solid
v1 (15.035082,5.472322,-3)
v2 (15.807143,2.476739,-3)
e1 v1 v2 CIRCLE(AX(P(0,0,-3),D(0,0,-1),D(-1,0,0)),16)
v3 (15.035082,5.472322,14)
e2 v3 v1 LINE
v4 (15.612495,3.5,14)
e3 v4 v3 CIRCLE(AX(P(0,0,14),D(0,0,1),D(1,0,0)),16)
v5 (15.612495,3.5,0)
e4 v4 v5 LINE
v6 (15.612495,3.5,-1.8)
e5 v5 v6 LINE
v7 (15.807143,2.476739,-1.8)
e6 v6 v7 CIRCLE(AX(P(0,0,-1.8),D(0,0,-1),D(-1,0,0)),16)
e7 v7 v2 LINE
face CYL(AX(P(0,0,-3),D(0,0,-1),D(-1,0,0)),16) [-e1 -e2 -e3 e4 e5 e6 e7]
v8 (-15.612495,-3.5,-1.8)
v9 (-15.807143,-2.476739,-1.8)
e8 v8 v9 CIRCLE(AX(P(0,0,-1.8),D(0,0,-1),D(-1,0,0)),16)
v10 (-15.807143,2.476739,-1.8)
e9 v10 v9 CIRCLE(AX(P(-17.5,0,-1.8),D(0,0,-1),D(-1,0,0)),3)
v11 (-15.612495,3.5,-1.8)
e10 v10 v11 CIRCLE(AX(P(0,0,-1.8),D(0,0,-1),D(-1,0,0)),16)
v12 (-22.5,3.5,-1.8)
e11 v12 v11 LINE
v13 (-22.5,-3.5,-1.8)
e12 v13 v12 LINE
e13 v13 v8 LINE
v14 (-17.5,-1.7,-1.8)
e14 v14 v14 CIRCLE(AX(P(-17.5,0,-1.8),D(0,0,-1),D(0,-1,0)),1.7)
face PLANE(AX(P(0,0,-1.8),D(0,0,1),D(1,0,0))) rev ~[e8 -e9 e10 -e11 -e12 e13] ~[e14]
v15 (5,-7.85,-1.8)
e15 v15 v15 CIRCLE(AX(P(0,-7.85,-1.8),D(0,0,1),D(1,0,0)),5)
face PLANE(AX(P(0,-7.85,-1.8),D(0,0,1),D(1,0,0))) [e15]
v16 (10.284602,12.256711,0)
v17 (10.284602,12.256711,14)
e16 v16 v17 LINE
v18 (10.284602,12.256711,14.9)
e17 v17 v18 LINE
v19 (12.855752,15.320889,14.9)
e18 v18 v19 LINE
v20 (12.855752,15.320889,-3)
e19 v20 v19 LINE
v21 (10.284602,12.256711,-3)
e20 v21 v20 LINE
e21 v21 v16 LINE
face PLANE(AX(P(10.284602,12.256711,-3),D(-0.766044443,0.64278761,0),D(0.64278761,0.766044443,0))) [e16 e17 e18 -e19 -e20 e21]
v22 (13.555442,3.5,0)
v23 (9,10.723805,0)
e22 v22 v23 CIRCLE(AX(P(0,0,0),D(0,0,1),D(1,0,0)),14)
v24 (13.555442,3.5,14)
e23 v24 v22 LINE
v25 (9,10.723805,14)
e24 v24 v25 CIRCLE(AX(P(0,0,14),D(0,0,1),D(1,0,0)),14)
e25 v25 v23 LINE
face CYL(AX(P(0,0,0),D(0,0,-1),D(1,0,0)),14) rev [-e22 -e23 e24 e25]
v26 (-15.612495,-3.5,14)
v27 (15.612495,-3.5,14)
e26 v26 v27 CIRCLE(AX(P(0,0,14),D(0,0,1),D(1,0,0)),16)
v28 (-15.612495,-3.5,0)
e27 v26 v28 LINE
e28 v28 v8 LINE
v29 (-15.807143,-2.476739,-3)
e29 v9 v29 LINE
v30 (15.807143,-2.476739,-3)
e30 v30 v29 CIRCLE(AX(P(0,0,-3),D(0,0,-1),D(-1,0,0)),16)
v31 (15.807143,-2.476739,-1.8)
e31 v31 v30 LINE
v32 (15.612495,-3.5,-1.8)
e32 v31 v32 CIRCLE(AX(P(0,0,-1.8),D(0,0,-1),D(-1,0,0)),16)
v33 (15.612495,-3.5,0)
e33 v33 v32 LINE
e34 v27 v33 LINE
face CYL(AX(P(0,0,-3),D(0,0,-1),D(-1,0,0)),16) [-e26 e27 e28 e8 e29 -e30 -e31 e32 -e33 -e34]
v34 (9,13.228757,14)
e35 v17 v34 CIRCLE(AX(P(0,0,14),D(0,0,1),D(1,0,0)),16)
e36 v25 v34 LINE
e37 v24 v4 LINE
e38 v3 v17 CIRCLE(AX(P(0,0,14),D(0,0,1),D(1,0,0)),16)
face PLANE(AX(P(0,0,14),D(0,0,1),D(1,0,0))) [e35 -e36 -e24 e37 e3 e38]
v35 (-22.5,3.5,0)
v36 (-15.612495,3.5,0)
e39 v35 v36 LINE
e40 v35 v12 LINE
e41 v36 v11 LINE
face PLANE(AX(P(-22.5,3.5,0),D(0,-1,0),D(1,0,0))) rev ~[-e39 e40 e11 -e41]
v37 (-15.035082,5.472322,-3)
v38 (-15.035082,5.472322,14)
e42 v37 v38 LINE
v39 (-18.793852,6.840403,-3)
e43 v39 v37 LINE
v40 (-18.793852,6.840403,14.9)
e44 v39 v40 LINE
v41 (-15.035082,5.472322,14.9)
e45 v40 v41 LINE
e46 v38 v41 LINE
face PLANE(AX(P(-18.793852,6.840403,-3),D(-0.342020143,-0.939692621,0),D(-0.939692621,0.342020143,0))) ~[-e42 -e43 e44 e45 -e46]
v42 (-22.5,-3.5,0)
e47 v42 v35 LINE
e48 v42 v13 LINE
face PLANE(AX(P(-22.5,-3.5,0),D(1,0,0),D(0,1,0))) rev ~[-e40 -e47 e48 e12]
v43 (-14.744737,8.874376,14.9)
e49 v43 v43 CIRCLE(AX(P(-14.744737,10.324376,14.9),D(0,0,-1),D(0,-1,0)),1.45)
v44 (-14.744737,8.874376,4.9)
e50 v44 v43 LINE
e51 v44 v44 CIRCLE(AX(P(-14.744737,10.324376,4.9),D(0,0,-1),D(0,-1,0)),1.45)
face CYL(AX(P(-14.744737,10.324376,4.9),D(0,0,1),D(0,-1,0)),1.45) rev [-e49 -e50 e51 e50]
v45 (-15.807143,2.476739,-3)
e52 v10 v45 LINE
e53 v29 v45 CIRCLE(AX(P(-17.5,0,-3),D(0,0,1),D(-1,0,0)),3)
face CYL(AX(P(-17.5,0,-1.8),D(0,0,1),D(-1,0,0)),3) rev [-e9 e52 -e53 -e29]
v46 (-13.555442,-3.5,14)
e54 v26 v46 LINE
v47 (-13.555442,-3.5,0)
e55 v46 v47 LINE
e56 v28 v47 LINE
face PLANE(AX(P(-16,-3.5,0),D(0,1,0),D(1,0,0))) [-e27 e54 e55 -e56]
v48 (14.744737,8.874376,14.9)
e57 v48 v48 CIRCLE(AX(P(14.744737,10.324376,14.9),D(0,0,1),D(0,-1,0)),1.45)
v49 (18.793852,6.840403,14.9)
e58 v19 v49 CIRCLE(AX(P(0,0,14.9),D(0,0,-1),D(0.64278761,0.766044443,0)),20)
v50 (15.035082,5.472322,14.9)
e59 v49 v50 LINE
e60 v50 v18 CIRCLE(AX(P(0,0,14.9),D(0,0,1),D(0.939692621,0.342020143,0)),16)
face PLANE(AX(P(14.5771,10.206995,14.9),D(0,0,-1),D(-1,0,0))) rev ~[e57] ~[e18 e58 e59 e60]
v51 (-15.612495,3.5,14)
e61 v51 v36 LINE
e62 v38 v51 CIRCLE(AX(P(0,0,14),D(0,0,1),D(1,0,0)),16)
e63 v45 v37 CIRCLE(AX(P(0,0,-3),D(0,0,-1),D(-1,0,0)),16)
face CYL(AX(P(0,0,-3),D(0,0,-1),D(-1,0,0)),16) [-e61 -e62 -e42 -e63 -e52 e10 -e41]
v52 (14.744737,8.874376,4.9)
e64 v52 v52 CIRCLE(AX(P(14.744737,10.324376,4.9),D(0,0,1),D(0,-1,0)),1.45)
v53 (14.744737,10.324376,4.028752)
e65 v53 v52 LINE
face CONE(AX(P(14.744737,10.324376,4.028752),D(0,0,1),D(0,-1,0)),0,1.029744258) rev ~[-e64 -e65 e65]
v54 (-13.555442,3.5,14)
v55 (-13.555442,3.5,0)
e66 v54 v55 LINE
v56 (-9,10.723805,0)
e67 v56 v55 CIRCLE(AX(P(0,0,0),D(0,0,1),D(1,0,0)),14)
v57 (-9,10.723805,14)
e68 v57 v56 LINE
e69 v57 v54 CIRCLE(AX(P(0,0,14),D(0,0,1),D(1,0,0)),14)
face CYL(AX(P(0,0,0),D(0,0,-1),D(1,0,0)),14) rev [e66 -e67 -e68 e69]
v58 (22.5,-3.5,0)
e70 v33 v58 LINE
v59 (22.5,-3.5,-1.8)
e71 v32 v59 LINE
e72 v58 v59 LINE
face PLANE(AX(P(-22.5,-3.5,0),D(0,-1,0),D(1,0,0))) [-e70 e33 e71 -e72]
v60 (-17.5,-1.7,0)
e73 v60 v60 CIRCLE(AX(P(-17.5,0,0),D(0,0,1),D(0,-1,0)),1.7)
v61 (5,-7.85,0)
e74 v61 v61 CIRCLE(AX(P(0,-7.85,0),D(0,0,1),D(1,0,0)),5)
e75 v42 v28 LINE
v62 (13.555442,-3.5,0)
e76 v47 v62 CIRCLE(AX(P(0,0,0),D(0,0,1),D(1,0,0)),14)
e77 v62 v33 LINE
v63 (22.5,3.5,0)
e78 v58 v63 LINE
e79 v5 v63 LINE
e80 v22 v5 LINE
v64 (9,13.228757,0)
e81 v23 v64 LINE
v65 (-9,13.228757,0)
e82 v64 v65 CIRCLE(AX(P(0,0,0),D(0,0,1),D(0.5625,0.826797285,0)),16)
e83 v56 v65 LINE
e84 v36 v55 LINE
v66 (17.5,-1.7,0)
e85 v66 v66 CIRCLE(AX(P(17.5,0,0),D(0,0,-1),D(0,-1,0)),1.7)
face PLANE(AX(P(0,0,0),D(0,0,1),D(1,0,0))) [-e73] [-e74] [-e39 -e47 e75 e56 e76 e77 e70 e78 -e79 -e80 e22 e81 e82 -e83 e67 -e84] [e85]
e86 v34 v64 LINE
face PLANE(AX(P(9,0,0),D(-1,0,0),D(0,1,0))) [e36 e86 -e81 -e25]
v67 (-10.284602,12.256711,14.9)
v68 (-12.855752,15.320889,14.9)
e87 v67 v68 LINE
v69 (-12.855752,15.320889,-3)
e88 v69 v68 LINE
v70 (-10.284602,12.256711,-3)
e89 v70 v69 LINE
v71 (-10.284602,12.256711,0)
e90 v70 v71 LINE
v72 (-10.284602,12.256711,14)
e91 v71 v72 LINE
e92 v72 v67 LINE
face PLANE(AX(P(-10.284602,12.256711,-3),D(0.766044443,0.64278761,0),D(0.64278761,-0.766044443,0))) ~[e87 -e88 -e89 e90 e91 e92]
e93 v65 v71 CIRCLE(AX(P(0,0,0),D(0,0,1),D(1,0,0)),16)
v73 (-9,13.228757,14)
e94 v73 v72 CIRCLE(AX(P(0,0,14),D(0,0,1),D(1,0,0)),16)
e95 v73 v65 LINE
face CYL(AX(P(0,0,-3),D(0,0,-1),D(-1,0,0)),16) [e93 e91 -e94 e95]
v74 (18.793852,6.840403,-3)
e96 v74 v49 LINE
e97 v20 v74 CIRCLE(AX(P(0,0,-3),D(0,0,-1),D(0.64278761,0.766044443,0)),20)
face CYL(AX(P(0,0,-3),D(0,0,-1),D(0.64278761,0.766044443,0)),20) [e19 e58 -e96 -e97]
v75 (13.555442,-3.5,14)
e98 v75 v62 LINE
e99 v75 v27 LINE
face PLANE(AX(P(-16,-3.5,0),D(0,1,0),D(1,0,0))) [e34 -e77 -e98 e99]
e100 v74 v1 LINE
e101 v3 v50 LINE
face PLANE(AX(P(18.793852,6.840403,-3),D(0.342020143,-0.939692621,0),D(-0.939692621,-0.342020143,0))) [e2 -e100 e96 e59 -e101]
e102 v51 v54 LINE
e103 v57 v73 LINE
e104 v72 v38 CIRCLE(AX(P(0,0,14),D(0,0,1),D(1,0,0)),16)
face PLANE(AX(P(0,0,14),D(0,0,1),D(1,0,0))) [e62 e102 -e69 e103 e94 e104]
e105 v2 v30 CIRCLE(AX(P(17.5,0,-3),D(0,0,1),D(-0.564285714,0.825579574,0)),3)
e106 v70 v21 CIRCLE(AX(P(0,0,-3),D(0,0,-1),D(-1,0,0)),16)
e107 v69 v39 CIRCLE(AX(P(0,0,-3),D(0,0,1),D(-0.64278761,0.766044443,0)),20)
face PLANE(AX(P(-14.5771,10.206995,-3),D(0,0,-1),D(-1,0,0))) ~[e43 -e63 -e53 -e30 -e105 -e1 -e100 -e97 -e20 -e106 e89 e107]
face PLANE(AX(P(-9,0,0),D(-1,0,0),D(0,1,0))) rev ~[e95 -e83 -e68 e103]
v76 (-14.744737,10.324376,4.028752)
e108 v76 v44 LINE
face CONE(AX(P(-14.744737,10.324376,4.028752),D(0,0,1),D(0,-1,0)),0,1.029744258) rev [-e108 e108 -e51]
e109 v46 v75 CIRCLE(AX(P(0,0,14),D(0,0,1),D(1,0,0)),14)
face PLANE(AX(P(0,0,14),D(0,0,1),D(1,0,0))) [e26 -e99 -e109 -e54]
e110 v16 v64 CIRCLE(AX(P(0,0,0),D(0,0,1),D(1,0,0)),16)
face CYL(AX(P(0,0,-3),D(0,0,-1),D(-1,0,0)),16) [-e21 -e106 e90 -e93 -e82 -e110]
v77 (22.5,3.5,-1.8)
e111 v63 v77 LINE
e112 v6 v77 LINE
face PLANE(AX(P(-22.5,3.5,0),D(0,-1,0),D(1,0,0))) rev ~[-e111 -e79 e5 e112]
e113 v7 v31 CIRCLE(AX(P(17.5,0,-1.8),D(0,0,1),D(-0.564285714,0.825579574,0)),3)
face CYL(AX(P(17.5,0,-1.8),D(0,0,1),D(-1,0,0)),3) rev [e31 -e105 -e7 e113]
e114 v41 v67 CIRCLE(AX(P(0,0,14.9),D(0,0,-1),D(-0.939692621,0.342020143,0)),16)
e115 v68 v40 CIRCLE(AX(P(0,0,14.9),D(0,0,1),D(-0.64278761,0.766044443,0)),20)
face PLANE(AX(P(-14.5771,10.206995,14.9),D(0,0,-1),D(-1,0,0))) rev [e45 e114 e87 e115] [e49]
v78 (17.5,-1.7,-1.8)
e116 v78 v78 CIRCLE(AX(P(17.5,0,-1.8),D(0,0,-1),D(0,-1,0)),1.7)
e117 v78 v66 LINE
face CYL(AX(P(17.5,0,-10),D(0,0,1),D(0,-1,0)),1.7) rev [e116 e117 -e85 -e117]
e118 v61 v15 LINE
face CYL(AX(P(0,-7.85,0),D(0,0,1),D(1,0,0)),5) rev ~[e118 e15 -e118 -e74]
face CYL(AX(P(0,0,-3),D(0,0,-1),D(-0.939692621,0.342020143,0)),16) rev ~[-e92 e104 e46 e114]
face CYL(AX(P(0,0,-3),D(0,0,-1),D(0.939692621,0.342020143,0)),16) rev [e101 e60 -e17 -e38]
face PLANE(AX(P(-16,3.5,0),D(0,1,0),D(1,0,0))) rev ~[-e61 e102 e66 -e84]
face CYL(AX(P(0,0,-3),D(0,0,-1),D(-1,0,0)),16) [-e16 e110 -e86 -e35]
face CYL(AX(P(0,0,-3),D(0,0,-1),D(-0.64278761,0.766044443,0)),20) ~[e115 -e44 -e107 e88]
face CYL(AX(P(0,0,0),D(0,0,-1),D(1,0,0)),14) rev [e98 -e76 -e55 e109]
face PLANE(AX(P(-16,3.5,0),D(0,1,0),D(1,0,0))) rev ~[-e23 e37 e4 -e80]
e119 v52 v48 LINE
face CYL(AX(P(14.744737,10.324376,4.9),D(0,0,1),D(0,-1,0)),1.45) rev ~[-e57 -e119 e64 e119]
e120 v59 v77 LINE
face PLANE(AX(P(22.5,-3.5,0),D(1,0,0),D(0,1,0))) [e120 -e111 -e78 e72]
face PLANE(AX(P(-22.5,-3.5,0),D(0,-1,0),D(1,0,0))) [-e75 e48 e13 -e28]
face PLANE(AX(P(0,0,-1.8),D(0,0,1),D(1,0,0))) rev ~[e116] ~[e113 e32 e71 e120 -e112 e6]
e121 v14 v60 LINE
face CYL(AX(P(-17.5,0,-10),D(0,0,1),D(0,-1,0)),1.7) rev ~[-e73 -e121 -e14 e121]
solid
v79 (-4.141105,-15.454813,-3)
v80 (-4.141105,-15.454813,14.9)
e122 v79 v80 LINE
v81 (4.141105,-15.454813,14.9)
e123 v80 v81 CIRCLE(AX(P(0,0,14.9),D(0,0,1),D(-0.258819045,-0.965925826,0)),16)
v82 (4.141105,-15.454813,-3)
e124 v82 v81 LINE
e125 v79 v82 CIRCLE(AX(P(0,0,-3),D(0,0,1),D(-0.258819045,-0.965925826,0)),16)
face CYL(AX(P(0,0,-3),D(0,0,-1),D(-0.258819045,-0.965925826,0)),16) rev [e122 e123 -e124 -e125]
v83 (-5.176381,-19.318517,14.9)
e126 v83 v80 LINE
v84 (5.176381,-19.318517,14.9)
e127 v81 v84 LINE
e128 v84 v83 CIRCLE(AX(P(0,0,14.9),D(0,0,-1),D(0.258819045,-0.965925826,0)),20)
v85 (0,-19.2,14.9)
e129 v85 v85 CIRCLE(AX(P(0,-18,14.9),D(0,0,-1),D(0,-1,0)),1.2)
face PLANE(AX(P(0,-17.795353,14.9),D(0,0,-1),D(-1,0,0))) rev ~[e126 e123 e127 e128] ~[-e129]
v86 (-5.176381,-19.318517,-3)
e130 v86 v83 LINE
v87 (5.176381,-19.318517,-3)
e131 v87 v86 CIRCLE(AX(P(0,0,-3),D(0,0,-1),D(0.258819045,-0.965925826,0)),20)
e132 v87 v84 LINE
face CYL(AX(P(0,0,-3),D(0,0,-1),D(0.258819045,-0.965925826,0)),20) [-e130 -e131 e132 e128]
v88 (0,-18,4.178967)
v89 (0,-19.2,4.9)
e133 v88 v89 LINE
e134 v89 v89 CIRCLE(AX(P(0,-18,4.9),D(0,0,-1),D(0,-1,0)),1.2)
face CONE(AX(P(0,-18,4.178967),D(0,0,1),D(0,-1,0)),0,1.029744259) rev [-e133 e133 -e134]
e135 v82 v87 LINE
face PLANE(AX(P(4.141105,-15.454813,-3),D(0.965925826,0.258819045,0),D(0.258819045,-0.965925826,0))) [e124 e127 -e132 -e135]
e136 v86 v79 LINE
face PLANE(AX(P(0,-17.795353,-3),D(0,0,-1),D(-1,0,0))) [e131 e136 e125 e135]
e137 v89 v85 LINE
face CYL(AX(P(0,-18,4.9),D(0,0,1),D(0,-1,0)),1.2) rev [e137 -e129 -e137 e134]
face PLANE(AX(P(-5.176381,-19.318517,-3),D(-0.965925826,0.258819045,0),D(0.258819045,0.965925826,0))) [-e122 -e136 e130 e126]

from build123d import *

# Parameters (mm, degrees)
SCHIZZO1_R                   = 16
SCHIZZO1_R_2                 = 14
ESTRUSIONE_ESTRUSIONE1_DEPTH = 14
ESTRUSIONE_ESTRUSIONE2_START = 3
SCHIZZO2_R                   = 16
ESTRUSIONE_ESTRUSIONE2_DEPTH = 3
SCHIZZO3_W                   = 32
SCHIZZO3_H                   = 7
TAGLIO_ESTRUSIONE1_DEPTH     = 14
SCHIZZO4_W                   = 45
SCHIZZO4_H                   = 7
ESTRUSIONE_ESTRUSIONE3_DEPTH = 1.8
SCHIZZO6_W                   = 18
SCHIZZO6_H                   = 16
TAGLIO_ESTRUSIONE2_DEPTH     = 14
SCHIZZO7_R                   = 5
TAGLIO_ESTRUSIONE3_DEPTH     = 1.8
ESTRUSIONE_ESTRUSIONE4_DEPTH = 17.9
ESTRUSIONE_ESTRUSIONE6_DEPTH = 17.9
SCHIZZO21_R                  = 3
TAGLIO_ESTRUSIONE4_DEPTH     = 10


with BuildPart() as part:
    # Schizzo1 → Estrusione-Estrusione1 (new body)
    with BuildSketch(Plane.XY):
        Circle(SCHIZZO1_R)
        Circle(SCHIZZO1_R_2, mode=Mode.SUBTRACT)
    extrude(amount=ESTRUSIONE_ESTRUSIONE1_DEPTH)

    # Schizzo2 → Estrusione-Estrusione2 (add)
    with BuildSketch(Plane(origin=(0, 0, 0), x_dir=(-1, 0, 0), z_dir=(0, 0, -1)).offset(ESTRUSIONE_ESTRUSIONE2_START)):
        Circle(SCHIZZO2_R)
    extrude(amount=-ESTRUSIONE_ESTRUSIONE2_DEPTH)

    # Schizzo3 → Taglio-Estrusione1 (cut)
    with BuildSketch(Plane.XY):
        Rectangle(SCHIZZO3_W, SCHIZZO3_H)
    extrude(amount=TAGLIO_ESTRUSIONE1_DEPTH, mode=Mode.SUBTRACT)

    # Schizzo4 → Estrusione-Estrusione3 (add)
    with BuildSketch(Plane.XY):
        Rectangle(SCHIZZO4_W, SCHIZZO4_H)
    extrude(amount=-ESTRUSIONE_ESTRUSIONE3_DEPTH)

    # Schizzo6 → Taglio-Estrusione2 (cut)
    with BuildSketch(Plane.XY):
        with Locations((0, 8)):
            Rectangle(SCHIZZO6_W, SCHIZZO6_H)
    extrude(amount=TAGLIO_ESTRUSIONE2_DEPTH, mode=Mode.SUBTRACT)

    # Schizzo7 → Taglio-Estrusione3 (cut)
    with BuildSketch(Plane.XY):
        with Locations((0, -7.85)):
            Circle(SCHIZZO7_R)
    extrude(amount=-TAGLIO_ESTRUSIONE3_DEPTH, mode=Mode.SUBTRACT)

    # Schizzo9 → Foro per Vite M3-1 (revolve, cut)
    with BuildSketch(Plane(origin=(17.5, 0, 0), x_dir=(0, -1, 0), z_dir=(1, 0, 0))):
        Polygon((0, 0), (0, 11.021463052), (1.7, 10), (1.7, 0), align=None)
    foro_per_vite_m3_1 = revolve(axis=Axis((17.5, 0, 6.35), (0, 0, -1)), mode=Mode.SUBTRACT)

    # Specchia1: Foro per Vite M3-1 across plane
    add(foro_per_vite_m3_1.mirror(Plane(origin=(0, 0, 0), x_dir=(0, 0, 1), z_dir=(1, 0, 0))), mode=Mode.SUBTRACT)

    # Schizzo11 → Estrusione-Estrusione4 (add)
    with BuildSketch(Plane(origin=(0, 0, -3), x_dir=(-1, 0, 0), z_dir=(0, 0, -1))):
        with BuildLine():
            Line((-10.284601755, 12.25671109), (-12.855752194, 15.320888862))
            ThreePointArc((-12.855752194, 15.320888862), (-16.383040886, 11.471528727), (-18.793852416, 6.840402867))
            Line((-18.793852416, 6.840402867), (-15.035081933, 5.472322293))
            ThreePointArc((-15.035081933, 5.472322293), (-13.106432709, 9.177222982), (-10.284601755, 12.25671109))
        make_face()
    estrusione_estrusione4 = extrude(amount=-ESTRUSIONE_ESTRUSIONE4_DEPTH)

    # Specchia2: Estrusione-Estrusione4 across plane
    add(estrusione_estrusione4.mirror(Plane(origin=(0, 0, 0), x_dir=(0, 0, 1), z_dir=(1, 0, 0))))

    # Schizzo16 → Foro per Vite M2.5-1 (revolve, cut)
    with BuildSketch(Plane(origin=(-14.744736797, 10.324375854, 14.9), x_dir=(0, -1, 0), z_dir=(1, 0, 0))):
        Polygon((0, 0), (0, 10.871247898), (1.45, 10), (1.45, 0), align=None)
    foro_per_vite_m2_5_1 = revolve(axis=Axis((-14.744736797, 10.324375854, 21.25), (0, 0, -1)), mode=Mode.SUBTRACT)

    # Specchia3: Foro per Vite M2.5-1 across plane
    add(foro_per_vite_m2_5_1.mirror(Plane(origin=(0, 0, 0), x_dir=(0, 0, 1), z_dir=(1, 0, 0))), mode=Mode.SUBTRACT)

    # Schizzo21 → Taglio-Estrusione4 (cut)
    with BuildSketch(Plane(origin=(0, 0, -1.8), x_dir=(-1, 0, 0), z_dir=(0, 0, -1))):
        with Locations((-17.5, 0)):
            Circle(SCHIZZO21_R)
        with Locations((17.5, 0)):
            Circle(SCHIZZO21_R)
    extrude(amount=TAGLIO_ESTRUSIONE4_DEPTH, mode=Mode.SUBTRACT)


with BuildPart() as body_2:
    # Schizzo13 → Estrusione-Estrusione6 (new body)
    with BuildSketch(Plane(origin=(0, 0, -3), x_dir=(-1, 0, 0), z_dir=(0, 0, -1))):
        with BuildLine():
            Line((-4.141104722, -15.454813221), (-5.176380902, -19.318516526))
            ThreePointArc((-5.176380902, -19.318516526), (0, -20), (5.176380902, -19.318516526))
            Line((5.176380902, -19.318516526), (4.141104722, -15.454813221))
            ThreePointArc((4.141104722, -15.454813221), (0, -16), (-4.141104722, -15.454813221))
        make_face()
    extrude(amount=-ESTRUSIONE_ESTRUSIONE6_DEPTH)

    # Schizzo20 → Foro per Vite M2-1 (revolve, cut)
    with BuildSketch(Plane(origin=(0, -18, 14.9), x_dir=(0, -1, 0), z_dir=(1, 0, 0))):
        Polygon((0, 0), (0, 10.721032743), (1.2, 10), (1.2, 0), align=None)
    revolve(axis=Axis((0, -18, 21.25), (0, 0, -1)), mode=Mode.SUBTRACT)


solid = Compound([part.part, body_2.part])
